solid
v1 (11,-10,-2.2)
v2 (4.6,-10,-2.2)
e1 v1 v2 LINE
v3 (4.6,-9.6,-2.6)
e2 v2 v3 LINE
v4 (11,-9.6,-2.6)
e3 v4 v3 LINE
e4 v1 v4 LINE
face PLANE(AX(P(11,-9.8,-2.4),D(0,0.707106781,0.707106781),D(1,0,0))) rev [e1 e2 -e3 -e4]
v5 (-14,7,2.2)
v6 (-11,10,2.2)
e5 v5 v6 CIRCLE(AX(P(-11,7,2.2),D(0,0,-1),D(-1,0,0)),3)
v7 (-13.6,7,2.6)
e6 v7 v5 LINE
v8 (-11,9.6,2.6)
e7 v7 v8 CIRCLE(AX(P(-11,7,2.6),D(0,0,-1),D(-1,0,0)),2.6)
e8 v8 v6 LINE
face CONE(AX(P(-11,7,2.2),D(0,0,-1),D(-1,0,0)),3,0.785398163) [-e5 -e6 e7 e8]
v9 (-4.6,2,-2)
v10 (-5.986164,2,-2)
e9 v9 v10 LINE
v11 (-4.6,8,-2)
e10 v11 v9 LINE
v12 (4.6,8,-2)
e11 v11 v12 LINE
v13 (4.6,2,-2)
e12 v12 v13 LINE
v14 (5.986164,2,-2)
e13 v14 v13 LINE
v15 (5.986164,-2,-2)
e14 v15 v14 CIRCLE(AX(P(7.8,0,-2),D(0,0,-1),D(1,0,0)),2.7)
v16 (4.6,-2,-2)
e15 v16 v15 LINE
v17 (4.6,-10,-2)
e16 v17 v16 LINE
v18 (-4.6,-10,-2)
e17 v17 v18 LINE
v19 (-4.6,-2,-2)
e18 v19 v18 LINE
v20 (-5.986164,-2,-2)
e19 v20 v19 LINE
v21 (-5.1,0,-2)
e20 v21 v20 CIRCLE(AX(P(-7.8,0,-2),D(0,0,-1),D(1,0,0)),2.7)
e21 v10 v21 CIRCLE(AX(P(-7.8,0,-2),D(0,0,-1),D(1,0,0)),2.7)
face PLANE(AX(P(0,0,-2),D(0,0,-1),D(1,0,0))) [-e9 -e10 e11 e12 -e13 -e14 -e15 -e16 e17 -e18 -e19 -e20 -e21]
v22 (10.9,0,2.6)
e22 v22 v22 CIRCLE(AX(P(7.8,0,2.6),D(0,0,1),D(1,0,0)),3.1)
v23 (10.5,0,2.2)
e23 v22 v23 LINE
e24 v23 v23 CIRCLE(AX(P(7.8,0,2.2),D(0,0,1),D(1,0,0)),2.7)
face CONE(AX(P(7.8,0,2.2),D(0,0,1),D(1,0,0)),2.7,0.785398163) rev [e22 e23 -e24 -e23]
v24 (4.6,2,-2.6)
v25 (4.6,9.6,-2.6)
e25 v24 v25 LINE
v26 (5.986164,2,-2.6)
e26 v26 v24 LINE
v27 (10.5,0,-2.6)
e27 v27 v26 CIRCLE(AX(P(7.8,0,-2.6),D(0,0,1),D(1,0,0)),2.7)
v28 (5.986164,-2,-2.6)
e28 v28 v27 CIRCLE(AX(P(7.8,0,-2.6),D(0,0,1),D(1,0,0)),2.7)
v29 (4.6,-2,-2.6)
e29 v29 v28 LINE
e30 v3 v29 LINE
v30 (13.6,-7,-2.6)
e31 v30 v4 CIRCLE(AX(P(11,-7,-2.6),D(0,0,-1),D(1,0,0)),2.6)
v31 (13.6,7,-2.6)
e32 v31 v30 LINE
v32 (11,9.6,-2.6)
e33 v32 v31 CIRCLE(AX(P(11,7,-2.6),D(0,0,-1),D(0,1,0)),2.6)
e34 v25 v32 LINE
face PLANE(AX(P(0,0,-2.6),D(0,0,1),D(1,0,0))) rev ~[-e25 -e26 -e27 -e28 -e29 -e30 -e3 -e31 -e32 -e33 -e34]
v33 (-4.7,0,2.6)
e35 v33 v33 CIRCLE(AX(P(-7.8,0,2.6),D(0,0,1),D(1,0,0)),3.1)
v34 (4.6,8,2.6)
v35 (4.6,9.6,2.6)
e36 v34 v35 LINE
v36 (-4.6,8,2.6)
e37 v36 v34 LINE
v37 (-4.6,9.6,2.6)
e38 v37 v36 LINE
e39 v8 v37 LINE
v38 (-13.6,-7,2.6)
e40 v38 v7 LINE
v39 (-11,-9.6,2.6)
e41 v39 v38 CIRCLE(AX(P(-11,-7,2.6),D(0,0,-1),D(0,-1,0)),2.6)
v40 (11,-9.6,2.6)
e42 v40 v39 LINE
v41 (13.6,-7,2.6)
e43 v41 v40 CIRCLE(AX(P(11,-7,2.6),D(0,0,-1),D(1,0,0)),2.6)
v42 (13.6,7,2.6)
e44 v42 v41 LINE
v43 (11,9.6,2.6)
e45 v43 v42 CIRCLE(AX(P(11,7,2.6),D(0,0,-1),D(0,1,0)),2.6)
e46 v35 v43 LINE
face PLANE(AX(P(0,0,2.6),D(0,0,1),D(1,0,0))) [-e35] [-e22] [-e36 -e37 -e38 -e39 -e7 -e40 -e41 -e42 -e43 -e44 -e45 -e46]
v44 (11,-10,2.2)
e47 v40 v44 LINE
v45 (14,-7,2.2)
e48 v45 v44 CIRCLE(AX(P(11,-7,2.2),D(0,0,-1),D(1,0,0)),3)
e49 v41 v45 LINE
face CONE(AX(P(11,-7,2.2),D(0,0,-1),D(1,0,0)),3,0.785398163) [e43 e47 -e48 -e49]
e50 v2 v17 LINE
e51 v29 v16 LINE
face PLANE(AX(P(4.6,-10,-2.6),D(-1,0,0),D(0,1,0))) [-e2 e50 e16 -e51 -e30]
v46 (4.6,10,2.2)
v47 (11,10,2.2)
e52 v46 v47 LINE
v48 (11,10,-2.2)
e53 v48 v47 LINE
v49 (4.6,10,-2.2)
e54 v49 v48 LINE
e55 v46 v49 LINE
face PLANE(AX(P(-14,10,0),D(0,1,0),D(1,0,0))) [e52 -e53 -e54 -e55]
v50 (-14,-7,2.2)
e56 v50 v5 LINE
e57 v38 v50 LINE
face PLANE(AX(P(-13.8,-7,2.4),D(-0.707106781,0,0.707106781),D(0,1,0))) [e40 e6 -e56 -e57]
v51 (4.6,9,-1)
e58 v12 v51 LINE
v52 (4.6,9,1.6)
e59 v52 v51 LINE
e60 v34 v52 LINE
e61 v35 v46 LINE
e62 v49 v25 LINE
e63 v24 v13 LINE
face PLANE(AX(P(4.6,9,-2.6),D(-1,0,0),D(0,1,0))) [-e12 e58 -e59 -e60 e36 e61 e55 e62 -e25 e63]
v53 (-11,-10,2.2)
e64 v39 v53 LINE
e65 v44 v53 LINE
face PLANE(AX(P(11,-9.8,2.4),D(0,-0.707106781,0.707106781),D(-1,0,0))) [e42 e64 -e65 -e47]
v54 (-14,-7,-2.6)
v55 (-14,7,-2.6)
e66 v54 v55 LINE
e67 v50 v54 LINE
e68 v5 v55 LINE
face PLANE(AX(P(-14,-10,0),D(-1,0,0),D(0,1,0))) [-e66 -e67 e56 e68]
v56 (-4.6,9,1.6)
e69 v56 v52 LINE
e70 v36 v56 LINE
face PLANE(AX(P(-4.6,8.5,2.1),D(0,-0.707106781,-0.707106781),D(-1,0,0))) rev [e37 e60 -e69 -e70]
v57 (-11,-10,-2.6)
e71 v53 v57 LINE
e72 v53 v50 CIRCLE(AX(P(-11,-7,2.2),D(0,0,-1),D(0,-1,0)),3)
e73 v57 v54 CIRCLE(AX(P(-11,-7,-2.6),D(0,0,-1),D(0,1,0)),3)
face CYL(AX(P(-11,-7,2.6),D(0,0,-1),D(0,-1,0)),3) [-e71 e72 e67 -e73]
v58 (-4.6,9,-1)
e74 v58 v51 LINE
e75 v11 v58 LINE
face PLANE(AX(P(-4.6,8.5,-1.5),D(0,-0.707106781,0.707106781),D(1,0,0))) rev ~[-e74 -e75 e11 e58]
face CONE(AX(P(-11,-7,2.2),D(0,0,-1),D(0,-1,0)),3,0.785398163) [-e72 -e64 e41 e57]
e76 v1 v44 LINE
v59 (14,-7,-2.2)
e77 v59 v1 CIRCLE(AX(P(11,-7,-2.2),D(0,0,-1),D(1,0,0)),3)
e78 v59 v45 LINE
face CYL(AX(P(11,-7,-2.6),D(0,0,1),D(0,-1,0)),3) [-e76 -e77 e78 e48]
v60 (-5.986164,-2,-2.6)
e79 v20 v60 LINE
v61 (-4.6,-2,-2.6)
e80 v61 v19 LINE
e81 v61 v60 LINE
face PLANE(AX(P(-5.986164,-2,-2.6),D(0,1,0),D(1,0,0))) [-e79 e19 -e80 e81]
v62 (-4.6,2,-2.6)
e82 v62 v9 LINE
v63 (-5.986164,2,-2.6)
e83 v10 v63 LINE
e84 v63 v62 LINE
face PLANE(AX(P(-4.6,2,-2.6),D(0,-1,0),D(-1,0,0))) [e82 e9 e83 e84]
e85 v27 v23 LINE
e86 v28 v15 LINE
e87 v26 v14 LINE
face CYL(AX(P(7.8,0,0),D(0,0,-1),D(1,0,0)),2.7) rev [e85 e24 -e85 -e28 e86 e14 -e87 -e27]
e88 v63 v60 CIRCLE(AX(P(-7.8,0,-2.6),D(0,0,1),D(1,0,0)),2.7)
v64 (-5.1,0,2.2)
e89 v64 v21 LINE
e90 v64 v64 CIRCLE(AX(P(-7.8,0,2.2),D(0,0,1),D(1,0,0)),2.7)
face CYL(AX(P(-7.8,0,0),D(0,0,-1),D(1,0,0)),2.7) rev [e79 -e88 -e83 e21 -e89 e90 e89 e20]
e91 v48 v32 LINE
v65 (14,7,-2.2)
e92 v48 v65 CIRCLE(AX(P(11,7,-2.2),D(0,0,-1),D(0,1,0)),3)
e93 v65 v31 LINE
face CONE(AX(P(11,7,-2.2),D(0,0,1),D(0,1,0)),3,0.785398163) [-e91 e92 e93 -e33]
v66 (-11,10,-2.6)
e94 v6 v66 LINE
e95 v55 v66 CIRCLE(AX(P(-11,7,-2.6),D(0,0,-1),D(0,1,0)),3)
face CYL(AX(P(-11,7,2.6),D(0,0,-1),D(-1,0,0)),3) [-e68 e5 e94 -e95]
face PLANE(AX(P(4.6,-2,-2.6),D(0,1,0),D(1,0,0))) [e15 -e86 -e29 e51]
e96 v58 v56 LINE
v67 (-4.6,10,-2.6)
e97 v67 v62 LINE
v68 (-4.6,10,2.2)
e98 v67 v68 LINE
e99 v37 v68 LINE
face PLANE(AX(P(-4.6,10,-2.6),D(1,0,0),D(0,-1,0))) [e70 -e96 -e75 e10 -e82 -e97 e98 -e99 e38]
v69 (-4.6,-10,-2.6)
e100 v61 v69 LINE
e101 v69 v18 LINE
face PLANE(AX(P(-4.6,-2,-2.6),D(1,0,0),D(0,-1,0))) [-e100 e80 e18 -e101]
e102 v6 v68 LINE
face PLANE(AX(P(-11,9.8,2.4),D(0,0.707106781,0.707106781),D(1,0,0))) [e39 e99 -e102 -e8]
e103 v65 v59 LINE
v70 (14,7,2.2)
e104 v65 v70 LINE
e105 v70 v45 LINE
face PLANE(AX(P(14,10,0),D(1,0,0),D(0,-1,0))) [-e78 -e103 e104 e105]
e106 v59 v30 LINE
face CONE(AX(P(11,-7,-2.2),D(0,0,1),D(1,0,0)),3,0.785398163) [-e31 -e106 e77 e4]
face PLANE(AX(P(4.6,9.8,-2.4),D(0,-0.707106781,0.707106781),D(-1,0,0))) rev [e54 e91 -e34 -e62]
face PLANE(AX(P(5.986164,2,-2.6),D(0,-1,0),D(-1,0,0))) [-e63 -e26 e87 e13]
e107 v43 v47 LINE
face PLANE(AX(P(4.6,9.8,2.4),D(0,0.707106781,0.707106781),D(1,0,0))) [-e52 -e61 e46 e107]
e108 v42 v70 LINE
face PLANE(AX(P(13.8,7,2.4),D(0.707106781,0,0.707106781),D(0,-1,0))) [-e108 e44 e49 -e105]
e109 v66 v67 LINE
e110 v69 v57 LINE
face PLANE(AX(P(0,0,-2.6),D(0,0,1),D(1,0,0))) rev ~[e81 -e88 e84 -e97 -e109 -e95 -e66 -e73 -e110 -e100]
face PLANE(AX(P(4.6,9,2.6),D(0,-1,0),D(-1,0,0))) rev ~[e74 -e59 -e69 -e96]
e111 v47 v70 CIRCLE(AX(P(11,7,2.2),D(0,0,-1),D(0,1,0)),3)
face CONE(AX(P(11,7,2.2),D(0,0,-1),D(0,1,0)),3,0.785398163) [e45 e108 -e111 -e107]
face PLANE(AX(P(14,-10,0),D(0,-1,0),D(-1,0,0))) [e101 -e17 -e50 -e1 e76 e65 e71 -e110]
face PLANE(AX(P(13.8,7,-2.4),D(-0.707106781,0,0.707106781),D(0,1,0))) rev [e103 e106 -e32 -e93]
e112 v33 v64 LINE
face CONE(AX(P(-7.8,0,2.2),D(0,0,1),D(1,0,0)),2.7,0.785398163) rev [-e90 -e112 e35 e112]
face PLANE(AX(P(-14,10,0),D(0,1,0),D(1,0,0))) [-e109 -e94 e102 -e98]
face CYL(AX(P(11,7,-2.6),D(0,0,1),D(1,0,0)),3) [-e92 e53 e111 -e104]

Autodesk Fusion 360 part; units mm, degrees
sketch "Sketch1" plane through (0, 0, 0) normal (0, 0, 1) x (1, 0, 0) in component "[a]_z_belt_clip_upper_x4"
  line L0 (14, -10) -> (-14, -10)
  line L1 (-14, -10) -> (-14, 10)
  line L2 (-14, 10) -> (14, 10)
  line L3 (14, 10) -> (14, -10)
  line L4 (14, -10) -> (-14, 10) construction
  line L5 (-14, -10) -> (14, 10) construction
  circle A0 centre (-7.8, 0) radius 2.7
  circle A1 centre (7.8, 0) radius 2.7
  dimension "d4" = 28
  dimension "d5" = 20
  dimension "d6" = 5.4
  dimension "d7" = 5.4
  dimension "d8" = 6.2
  dimension "d9" = 6.2
extrude "Extrude1" add sketch "Sketch1" along normal mid plane 5.2 in component "[a]_z_belt_clip_upper_x4"
fillet "Fillet1" radius 3 4 edges at (14, -10, 0) (14, 10, 0) (-14, -10, 0) (-14, 10, 0) in component "[a]_z_belt_clip_upper_x4"
sketch "Sketch2" plane through (0, 0, 2.6) normal (0, 0, 1) x (-1, 0, 0) in component "[a]_z_belt_clip_upper_x4"
  arc A0 (11, -10) -> (14, -7) centre (11, -7) ccw
  line L0 (14, -7) -> (14, 7)
  arc A1 (14, 7) -> (11, 10) centre (11, 7) ccw
  line L1 (11, 10) -> (-11, 10)
  arc A2 (-11, 10) -> (-14, 7) centre (-11, 7) ccw
  line L2 (-14, 7) -> (-14, -7)
  arc A3 (-14, -7) -> (-11, -10) centre (-11, -7) ccw
  line L3 (-11, -10) -> (11, -10)
  circle A4 centre (-7.8, 0) radius 2.7
  circle A5 centre (7.8, 0) radius 2.7
  line L4 (-4.6, -9) -> (4.6, -9)
  line L5 (4.6, -9) -> (4.6, -10)
  line L6 (4.6, -10) -> (-4.6, -10)
  line L7 (-4.6, -10) -> (-4.6, -9)
  line L8 (-4.6, -9) -> (4.6, -10) construction
  line L9 (4.6, -9) -> (-4.6, -10) construction
  line L10 (0, 0) -> (0, -20) construction
  point P0 (0, -9.5)
  dimension "d14" = 9.2
  dimension "d15" = 1
extrude "Extrude2" cut sketch "Sketch2" along normal through all and the other way through all contours L3 L4 L5 L6 L7 in component "[a]_z_belt_clip_upper_x4"
sketch "Sketch3" plane through (0, 0, -2.6) normal (0, 0, -1) x (1, 0, 0) in component "[a]_z_belt_clip_upper_x4"
  line L0 (4.6, -9) -> (4.6, -10)
  line L1 (4.6, -10) -> (11, -10)
  arc A0 (11, -10) -> (14, -7) centre (11, -7) ccw
  line L2 (14, -7) -> (14, 7)
  arc A1 (14, 7) -> (11, 10) centre (11, 7) ccw
  line L3 (11, 10) -> (-11, 10)
  arc A2 (-11, 10) -> (-14, 7) centre (-11, 7) ccw
  line L4 (-14, 7) -> (-14, -7)
  arc A3 (-14, -7) -> (-11, -10) centre (-11, -7) ccw
  line L5 (-11, -10) -> (-4.6, -10)
  line L6 (-4.6, -10) -> (-4.6, -9)
  line L7 (-4.6, -9) -> (4.6, -9)
  circle A4 centre (7.8, 0) radius 2.7
  circle A5 centre (-7.8, 0) radius 2.7
  line L8 (7.6, -2) -> (-7.6, -2)
  line L9 (-7.6, -2) -> (-7.6, 2)
  line L10 (-7.6, 2) -> (7.6, 2)
  line L11 (7.6, 2) -> (7.6, -2)
  line L12 (7.6, -2) -> (-7.6, 2) construction
  line L13 (-7.6, -2) -> (7.6, 2) construction
  line L14 (4.6, -10) -> (-4.6, -10)
  line L15 (-4.6, -10) -> (-4.6, 10)
  line L16 (-4.6, 10) -> (4.6, 10)
  line L17 (4.6, 10) -> (4.6, -10)
  line L18 (4.6, -10) -> (-4.6, 10) construction
  line L19 (-4.6, -10) -> (4.6, 10) construction
  dimension "d17" = 4
  dimension "d18" = 15.2
extrude "Extrude3" cut sketch "Sketch3" against normal blind 0.6 contours L0 L6 L7 L14 L15 L17 | L7 L8 L15 L17 | A4 L8 L10 L17 | L8 L10 L15 L17 | A5 L8 L10 L15 | A4 L8 L10 L11 | L3 L10 L15 L16 L17 | A5 L8 L9 L10 picked at (8.5667, 0) picked at (-6.7667, 0) in component "[a]_z_belt_clip_upper_x4"
chamfer "Chamfer1" distance 0.4 angle 45 16 edges at (-10.3173, 0.9764, 2.6) (5.2827, 0.9764, 2.6) (14, 0, 2.6) (13.1213, -9.1213, 2.6) (0, -10, 2.6) (-13.1213, -9.1213, 2.6) (-14, 0, 2.6) (-13.1213, 9.1213, 2.6) (-7.8, 10, 2.6) (7.8, 10, 2.6) (13.1213, 9.1213, 2.6) (7.8, -10, -2.6) (7.8, 10, -2.6) (13.1213, 9.1213, -2.6) (14, 0, -2.6) (13.1213, -9.1213, -2.6) in component "[a]_z_belt_clip_upper_x4"
chamfer "Chamfer2" distance 1 angle 45 2 edges at (0, 9, 2.6) (0, 9, -2) in component "[a]_z_belt_clip_upper_x4"
component "[a]_z_belt_clip_upper_x4" placed x (1, 0, 0) y (0, 1, 0) z (0, 0, 1) at (0, 0, 0)
equation "tolerance = 0.2 mm"
equation "chamfer = 0.4 mm"
equation "z_belt_width = 9 mm"
equation "d4 = z_belt_width + 19 mm"
equation "d10 = ( 5.2 / 2 ) * 1 mm"
equation "d14 = z_belt_width + tolerance"
equation "d18 = z_belt_width + tolerance + 6 mm"
equation "d21 = chamfer"
